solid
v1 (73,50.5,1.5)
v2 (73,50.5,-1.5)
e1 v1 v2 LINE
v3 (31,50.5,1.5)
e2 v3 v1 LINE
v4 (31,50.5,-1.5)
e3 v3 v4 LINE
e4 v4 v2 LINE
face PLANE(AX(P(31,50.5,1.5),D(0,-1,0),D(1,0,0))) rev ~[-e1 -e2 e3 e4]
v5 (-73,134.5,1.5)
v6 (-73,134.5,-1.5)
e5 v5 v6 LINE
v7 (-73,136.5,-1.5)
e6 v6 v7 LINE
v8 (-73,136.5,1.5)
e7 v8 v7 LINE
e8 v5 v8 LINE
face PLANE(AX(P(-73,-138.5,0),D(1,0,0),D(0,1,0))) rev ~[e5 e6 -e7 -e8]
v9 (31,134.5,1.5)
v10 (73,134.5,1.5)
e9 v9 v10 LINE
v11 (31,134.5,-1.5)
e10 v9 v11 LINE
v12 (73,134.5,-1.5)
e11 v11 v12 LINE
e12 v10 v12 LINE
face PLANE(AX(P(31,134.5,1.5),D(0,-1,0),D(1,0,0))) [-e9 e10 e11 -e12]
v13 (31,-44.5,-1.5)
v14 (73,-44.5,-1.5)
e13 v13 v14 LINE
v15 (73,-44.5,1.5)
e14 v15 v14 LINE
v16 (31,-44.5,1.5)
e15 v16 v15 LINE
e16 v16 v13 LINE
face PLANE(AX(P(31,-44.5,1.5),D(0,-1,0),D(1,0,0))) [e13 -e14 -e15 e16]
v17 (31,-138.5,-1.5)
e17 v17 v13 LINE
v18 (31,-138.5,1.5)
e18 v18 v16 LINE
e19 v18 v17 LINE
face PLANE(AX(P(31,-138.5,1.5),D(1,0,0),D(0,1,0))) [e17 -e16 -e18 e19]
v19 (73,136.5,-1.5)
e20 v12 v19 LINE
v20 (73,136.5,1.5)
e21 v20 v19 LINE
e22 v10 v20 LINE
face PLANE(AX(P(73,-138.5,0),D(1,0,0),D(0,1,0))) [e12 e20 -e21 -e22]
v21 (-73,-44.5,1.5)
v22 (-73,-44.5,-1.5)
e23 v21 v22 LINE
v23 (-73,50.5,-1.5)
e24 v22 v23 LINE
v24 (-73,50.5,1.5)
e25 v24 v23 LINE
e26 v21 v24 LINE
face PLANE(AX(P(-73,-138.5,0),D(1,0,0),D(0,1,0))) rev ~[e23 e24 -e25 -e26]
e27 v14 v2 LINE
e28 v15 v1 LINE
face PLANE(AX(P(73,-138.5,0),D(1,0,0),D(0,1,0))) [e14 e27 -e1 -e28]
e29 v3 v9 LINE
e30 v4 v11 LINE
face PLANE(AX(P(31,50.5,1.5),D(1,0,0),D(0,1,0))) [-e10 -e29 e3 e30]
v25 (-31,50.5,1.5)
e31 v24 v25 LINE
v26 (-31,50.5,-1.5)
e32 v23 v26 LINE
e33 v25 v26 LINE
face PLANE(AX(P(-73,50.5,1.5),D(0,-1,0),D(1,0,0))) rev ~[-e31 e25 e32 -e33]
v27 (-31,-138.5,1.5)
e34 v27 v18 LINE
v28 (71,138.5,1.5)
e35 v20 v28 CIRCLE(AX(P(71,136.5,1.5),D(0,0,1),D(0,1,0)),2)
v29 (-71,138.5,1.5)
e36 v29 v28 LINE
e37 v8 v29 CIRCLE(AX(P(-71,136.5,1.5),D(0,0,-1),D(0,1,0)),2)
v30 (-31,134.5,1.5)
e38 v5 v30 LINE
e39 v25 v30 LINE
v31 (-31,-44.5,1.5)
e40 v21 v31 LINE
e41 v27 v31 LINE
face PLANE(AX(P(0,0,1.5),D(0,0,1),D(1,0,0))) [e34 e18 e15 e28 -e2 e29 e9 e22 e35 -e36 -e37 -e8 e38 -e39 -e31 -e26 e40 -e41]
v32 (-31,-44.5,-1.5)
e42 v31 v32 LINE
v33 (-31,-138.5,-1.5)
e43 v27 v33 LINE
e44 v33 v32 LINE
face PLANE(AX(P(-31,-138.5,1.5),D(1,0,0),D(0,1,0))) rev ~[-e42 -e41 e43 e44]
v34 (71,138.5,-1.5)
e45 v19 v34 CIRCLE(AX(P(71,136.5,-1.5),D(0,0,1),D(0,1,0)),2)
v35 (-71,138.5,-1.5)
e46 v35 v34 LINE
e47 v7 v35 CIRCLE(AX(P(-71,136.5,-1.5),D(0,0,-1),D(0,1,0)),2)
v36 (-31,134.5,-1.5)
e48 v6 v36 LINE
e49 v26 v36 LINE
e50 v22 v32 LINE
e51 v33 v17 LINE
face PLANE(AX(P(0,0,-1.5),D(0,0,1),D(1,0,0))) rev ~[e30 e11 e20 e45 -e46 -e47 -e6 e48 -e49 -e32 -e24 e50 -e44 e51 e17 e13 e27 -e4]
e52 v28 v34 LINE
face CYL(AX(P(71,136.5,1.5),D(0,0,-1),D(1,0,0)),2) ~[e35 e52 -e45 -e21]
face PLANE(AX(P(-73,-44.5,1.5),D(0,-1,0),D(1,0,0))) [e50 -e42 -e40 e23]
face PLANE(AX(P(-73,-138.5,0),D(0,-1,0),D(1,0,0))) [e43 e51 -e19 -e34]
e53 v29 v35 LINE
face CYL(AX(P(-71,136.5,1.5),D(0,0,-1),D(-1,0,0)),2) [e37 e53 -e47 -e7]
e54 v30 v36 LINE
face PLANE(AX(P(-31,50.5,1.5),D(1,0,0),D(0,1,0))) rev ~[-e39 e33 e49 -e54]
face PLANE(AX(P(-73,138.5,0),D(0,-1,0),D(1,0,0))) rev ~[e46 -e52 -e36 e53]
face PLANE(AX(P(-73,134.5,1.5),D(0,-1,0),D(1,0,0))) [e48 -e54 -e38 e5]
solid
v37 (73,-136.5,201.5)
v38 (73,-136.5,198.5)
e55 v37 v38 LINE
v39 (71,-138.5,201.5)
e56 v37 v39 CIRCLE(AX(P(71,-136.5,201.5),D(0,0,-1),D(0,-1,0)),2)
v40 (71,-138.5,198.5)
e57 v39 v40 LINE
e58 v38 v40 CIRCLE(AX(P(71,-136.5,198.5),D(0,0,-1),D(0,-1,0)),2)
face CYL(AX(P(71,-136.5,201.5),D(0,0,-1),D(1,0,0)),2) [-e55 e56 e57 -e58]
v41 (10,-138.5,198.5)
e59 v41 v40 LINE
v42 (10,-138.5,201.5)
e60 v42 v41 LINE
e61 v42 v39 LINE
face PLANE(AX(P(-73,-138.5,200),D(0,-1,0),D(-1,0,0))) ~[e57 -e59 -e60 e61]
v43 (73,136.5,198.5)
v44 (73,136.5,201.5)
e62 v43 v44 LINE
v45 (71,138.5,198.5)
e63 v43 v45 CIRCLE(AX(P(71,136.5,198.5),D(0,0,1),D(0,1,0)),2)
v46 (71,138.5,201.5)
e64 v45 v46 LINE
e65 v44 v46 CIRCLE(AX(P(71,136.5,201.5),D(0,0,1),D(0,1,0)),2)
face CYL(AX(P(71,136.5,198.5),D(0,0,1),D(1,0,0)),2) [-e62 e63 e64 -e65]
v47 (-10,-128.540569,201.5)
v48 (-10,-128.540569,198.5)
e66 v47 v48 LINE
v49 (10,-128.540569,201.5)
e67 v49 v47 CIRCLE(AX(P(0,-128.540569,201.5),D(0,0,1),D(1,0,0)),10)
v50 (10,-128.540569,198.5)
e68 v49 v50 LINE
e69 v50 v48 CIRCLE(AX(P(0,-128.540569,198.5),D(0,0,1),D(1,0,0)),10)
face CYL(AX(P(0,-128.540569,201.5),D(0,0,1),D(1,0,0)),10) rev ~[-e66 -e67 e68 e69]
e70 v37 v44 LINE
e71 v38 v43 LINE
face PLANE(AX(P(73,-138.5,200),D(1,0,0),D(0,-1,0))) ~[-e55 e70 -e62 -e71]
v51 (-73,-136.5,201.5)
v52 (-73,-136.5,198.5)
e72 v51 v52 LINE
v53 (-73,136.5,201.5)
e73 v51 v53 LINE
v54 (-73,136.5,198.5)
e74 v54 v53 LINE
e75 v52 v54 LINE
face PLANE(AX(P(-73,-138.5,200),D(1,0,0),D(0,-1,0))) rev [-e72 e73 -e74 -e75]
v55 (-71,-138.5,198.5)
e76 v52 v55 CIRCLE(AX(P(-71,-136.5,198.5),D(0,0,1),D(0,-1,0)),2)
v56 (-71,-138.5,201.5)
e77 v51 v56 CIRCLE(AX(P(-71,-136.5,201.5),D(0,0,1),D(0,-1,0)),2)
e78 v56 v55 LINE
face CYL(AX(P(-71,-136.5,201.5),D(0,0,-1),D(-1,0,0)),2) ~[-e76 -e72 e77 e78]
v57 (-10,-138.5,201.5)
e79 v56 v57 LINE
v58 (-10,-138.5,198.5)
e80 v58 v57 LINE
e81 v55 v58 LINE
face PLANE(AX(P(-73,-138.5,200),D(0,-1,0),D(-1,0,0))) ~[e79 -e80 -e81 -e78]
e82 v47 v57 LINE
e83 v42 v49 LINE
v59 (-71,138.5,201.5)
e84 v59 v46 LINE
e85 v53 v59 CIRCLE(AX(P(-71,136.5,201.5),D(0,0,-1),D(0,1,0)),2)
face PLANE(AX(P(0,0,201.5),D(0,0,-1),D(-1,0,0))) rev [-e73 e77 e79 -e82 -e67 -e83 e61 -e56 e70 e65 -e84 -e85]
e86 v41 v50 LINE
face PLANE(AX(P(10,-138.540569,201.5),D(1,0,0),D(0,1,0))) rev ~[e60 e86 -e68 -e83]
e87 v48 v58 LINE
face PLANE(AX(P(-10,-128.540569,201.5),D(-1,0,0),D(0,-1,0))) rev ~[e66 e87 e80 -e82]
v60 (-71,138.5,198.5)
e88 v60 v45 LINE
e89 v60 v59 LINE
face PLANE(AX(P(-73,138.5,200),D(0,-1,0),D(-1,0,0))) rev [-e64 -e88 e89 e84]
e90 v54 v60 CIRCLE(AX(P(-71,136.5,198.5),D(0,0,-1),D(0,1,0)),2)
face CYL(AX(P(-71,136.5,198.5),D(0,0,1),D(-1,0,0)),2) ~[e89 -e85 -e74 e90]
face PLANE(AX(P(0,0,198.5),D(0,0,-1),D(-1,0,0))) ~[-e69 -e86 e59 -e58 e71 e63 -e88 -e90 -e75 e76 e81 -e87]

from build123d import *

# Parameters (mm, degrees)
F0_W      = 146
F0_H      = 277
F1_DEPTH  = 1.5
F2_R      = 2
F4_R      = 7.5
F5_DEPTH  = 100
F6_T      = -1.5
F12_DEPTH = 8
F15_W     = 42
F15_H     = 94
F16_DEPTH = 6
F17_W     = 42
F17_H     = 84
F18_DEPTH = 6


with BuildPart() as f1:
    # F0 (on Top) → F1 (new body, symmetric)
    with BuildSketch(Plane.XY):
        Rectangle(F0_W, F0_H)
    extrude(amount=F1_DEPTH, both=True)

    # F2
    f2_edges = [f1.edges().sort_by_distance(p)[0] for p in [
        (-73, 138.5, 0),
        (73, 138.5, 0),
        (73, -138.5, 0),
        (-73, -138.5, 0),
    ]]
    fillet(f2_edges, radius=F2_R)


with BuildPart() as f5:
    # F4 (on face) → F5 (new body)
    with BuildSketch(Plane.XY.offset(1.5)):
        with Locations((0, -128.5)):
            Circle(F4_R)
    extrude(amount=-F5_DEPTH)

    # F6
    f6_openings = [f5.faces().sort_by_distance(p)[0] for p in [
        (0, -128.5, 1.5),
    ]]
    offset(amount=F6_T, openings=f6_openings)


with BuildPart() as f9_1:
    # F9: instance of F1
    add(f1.part.mirror(Plane.XY.offset(100)))

    # F11 (on face) → F12 (cut)
    with BuildSketch(Plane.XY.offset(201.5)):
        with BuildLine():
            Line((-10, -128.5405694683), (-10, -138.5405694683))
            Line((-10, -138.5405694683), (10, -138.5405694683))
            Line((10, -138.5405694683), (10, -128.5405694683))
            ThreePointArc((10, -128.5405694683), (0, -118.5405694683), (-10, -128.5405694683))
        make_face()
    extrude(amount=-F12_DEPTH, mode=Mode.SUBTRACT)


with BuildPart() as f1_1:
    add(f1.part)

    # F15 (on face) → F16 (cut)
    with BuildSketch(Plane.XY.offset(1.5)):
        with Locations((52, -91.5)):
            Rectangle(F15_W, F15_H)
        with Locations((-52, -91.5)):
            Rectangle(F15_W, F15_H)
    extrude(amount=-F16_DEPTH, mode=Mode.SUBTRACT)

    # F17 (on face) → F18 (cut)
    with BuildSketch(Plane.XY.offset(1.5)):
        with Locations((-52, 92.5)):
            Rectangle(F17_W, F17_H)
        with Locations((52, 92.5)):
            Rectangle(F17_W, F17_H)
    extrude(amount=-F18_DEPTH, mode=Mode.SUBTRACT)


solid = Compound([f9_1.part, f1_1.part])
